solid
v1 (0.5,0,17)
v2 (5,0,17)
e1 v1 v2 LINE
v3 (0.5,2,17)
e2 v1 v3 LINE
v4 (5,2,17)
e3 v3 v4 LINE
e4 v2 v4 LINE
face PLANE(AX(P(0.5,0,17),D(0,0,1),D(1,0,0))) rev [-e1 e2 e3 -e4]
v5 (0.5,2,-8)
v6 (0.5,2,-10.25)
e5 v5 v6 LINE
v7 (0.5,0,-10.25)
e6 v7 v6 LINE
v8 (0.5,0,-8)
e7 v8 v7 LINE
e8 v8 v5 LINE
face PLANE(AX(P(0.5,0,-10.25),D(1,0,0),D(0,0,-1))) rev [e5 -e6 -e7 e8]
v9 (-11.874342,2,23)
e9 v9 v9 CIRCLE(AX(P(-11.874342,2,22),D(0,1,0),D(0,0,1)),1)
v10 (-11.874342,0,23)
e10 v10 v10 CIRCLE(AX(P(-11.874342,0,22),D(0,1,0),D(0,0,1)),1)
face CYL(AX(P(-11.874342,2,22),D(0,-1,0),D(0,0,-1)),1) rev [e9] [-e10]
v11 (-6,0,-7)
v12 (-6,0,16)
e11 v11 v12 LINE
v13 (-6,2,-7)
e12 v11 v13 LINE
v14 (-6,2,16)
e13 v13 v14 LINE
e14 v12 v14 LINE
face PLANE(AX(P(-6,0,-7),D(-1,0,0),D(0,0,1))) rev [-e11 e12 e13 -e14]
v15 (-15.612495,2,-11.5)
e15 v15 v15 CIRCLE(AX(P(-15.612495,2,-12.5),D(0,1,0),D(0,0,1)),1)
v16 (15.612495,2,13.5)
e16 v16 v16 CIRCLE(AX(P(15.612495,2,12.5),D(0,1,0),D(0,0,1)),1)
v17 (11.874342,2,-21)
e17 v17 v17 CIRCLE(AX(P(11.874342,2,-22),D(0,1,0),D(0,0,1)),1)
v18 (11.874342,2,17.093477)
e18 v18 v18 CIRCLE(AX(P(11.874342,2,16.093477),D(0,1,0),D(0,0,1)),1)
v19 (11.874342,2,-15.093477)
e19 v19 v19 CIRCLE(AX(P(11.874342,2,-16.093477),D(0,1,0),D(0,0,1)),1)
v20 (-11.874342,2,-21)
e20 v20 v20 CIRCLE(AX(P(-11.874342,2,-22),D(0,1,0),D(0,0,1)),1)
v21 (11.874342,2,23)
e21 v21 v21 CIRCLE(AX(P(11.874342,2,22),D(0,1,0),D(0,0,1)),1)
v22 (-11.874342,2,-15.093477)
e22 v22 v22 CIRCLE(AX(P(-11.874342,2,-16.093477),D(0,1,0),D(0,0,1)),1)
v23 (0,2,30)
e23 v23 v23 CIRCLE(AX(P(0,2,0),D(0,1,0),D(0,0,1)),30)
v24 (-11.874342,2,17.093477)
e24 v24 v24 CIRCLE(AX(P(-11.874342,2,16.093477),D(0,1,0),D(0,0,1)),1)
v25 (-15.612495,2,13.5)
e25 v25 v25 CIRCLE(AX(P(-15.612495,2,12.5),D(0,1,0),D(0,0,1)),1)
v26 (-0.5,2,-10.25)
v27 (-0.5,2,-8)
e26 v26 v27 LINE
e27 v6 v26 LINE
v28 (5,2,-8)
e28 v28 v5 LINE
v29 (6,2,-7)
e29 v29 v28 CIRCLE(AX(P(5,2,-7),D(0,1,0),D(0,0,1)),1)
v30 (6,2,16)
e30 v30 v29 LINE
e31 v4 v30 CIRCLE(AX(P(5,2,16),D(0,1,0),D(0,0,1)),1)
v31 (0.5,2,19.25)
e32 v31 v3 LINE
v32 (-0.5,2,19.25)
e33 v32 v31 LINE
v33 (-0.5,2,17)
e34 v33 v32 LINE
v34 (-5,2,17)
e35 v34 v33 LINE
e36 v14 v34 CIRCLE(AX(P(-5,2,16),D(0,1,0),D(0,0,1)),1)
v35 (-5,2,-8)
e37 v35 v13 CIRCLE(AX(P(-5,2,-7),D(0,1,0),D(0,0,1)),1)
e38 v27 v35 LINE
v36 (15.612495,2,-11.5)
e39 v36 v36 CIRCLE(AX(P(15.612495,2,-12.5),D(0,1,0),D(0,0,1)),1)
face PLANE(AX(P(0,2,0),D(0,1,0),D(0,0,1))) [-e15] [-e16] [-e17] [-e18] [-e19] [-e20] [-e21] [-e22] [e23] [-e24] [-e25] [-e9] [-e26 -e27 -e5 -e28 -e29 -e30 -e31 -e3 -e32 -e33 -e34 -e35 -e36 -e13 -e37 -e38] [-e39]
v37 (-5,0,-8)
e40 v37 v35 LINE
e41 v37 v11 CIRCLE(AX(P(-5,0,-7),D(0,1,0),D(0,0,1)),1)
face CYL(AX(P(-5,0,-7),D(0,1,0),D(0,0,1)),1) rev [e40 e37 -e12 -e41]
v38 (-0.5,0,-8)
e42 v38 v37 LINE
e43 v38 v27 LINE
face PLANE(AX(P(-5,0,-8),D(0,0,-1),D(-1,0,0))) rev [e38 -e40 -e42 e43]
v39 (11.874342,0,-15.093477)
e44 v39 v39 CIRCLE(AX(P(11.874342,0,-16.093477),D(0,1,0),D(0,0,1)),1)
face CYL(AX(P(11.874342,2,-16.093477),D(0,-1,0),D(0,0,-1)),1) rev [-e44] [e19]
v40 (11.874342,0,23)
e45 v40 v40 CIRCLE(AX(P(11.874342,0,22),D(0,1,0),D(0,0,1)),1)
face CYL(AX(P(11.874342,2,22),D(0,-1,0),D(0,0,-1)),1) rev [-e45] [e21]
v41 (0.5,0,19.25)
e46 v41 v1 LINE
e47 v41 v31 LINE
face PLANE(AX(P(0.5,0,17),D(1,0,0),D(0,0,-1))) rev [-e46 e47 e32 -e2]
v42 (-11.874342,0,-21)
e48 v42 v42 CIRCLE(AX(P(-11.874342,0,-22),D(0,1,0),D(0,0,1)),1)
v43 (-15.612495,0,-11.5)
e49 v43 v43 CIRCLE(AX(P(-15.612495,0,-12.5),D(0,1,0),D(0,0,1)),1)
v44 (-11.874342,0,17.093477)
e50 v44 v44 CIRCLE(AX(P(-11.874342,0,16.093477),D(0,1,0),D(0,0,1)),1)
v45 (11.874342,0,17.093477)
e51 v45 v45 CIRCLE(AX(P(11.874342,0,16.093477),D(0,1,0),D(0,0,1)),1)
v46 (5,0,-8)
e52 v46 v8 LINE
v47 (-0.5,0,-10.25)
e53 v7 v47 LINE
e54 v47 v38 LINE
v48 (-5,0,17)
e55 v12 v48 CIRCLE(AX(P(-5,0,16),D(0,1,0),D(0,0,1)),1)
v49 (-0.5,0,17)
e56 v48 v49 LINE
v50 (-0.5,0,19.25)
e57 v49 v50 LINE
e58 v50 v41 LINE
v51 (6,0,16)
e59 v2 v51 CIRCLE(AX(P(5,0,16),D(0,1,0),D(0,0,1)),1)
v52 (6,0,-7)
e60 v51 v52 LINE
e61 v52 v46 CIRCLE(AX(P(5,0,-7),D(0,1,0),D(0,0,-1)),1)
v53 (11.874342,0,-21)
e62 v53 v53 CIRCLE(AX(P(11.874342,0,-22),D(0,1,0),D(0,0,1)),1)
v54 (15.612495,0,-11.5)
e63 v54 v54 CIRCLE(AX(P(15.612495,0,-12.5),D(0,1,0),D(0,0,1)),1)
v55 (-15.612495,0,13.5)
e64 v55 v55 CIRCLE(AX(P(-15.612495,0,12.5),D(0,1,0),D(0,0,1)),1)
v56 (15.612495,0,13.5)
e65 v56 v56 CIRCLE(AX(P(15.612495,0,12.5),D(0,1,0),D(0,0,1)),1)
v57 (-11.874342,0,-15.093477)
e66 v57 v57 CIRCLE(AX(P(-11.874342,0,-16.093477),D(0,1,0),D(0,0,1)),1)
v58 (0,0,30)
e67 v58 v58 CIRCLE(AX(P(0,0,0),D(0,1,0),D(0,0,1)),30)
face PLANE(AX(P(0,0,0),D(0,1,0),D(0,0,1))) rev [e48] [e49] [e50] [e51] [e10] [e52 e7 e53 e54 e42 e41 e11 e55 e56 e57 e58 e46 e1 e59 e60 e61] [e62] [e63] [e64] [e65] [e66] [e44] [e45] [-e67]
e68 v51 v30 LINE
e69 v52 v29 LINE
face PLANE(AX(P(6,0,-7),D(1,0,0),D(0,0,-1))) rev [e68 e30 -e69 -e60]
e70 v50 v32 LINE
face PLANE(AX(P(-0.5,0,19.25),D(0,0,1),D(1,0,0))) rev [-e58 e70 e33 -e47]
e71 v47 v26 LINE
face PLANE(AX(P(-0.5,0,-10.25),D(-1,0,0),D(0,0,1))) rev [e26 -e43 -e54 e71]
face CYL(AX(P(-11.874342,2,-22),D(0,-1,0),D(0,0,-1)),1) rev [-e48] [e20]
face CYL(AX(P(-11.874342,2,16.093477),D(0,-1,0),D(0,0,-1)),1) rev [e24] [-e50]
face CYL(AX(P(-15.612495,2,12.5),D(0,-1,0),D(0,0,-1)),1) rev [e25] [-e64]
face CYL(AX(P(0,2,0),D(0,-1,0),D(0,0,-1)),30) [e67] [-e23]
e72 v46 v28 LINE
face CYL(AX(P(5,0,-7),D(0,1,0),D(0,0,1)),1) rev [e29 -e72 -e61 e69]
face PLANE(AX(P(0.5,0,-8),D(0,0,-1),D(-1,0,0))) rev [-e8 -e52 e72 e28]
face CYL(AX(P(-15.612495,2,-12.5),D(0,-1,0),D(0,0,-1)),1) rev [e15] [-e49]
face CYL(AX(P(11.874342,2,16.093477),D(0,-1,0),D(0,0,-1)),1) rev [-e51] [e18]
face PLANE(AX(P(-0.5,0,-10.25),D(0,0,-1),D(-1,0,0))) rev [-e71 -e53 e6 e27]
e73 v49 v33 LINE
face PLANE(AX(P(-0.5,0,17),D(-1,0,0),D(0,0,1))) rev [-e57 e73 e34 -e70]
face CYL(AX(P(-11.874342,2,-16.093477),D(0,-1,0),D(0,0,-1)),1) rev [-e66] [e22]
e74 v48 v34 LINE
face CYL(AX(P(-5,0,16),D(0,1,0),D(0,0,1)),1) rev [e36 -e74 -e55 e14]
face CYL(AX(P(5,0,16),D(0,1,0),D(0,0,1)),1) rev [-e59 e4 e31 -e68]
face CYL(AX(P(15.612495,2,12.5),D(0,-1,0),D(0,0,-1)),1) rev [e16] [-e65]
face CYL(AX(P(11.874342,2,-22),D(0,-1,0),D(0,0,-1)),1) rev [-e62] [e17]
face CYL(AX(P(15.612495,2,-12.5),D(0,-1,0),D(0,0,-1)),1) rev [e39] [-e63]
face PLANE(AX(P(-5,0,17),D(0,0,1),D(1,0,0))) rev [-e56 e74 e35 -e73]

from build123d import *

# Parameters (mm, degrees)
SKETCH1_R               = 30
SKETCH1_R_2             = 1
BOSS_EXTRUDE1_DEPTH     = 2
CUT_EXTRUDE1_DEPTH      = 43.473521163
CUT_EXTRUDE1_DEPTH_BACK = 43.473521163


with BuildPart() as part:
    # Sketch1 → Boss-Extrude1 (new body)
    with BuildSketch(Plane(origin=(0, 0, 0), x_dir=(1, 0, 0), z_dir=(0, 1, 0))):
        with Locations(Location((0, 0, 0), (0, 0, 270))):
            Circle(SKETCH1_R)
        with Locations(Location((-11.874342087, 22, 0), (0, 0, 270))):
            Circle(SKETCH1_R_2, mode=Mode.SUBTRACT)
        with Locations(Location((11.874342087, 22, 0), (0, 0, 270))):
            Circle(SKETCH1_R_2, mode=Mode.SUBTRACT)
        with Locations(Location((11.874342087, -22, 0), (0, 0, 270))):
            Circle(SKETCH1_R_2, mode=Mode.SUBTRACT)
        with Locations(Location((-11.874342087, -22, 0), (0, 0, 270))):
            Circle(SKETCH1_R_2, mode=Mode.SUBTRACT)
        with Locations(Location((-11.874342087, 16.093476939, 0), (0, 0, 270))):
            Circle(SKETCH1_R_2, mode=Mode.SUBTRACT)
        with Locations(Location((11.874342087, 16.093476939, 0), (0, 0, 270))):
            Circle(SKETCH1_R_2, mode=Mode.SUBTRACT)
        with Locations(Location((11.874342087, -16.093476939, 0), (0, 0, 270))):
            Circle(SKETCH1_R_2, mode=Mode.SUBTRACT)
        with Locations(Location((-11.874342087, -16.093476939, 0), (0, 0, 270))):
            Circle(SKETCH1_R_2, mode=Mode.SUBTRACT)
        with Locations(Location((-15.612494996, 12.5, 0), (0, 0, 270))):
            Circle(SKETCH1_R_2, mode=Mode.SUBTRACT)
        with Locations(Location((15.612494996, 12.5, 0), (0, 0, 270))):
            Circle(SKETCH1_R_2, mode=Mode.SUBTRACT)
        with Locations(Location((15.612494996, -12.5, 0), (0, 0, 270))):
            Circle(SKETCH1_R_2, mode=Mode.SUBTRACT)
        with Locations(Location((-15.612494996, -12.5, 0), (0, 0, 270))):
            Circle(SKETCH1_R_2, mode=Mode.SUBTRACT)
    extrude(amount=BOSS_EXTRUDE1_DEPTH)

    # Sketch2 → Cut-Extrude1 (cut, two sides: drawn at the far end of the back side and taken through both)
    with BuildSketch(Plane(origin=(0, 2, 0), x_dir=(1, 0, 0), z_dir=(0, 1, 0)).offset(-CUT_EXTRUDE1_DEPTH_BACK)):
        with BuildLine():
            Line((-5, 8), (-0.5, 8))
            Line((-0.5, 8), (-0.5, 10.25))
            Line((-0.5, 10.25), (0.5, 10.25))
            Line((0.5, 10.25), (0.5, 8))
            Line((0.5, 8), (5, 8))
            ThreePointArc((5, 8), (5.707106781, 7.707106781), (6, 7))
            Line((6, 7), (6, -16))
            ThreePointArc((6, -16), (5.707106781, -16.707106781), (5, -17))
            Line((5, -17), (0.5, -17))
            Line((0.5, -17), (0.5, -19.25))
            Line((0.5, -19.25), (-0.5, -19.25))
            Line((-0.5, -19.25), (-0.5, -17))
            Line((-0.5, -17), (-5, -17))
            ThreePointArc((-5, -17), (-5.707106781, -16.707106781), (-6, -16))
            Line((-6, -16), (-6, 7))
            ThreePointArc((-6, 7), (-5.707106781, 7.707106781), (-5, 8))
        make_face()
    extrude(amount=CUT_EXTRUDE1_DEPTH + CUT_EXTRUDE1_DEPTH_BACK, mode=Mode.SUBTRACT)


solid = part.part
